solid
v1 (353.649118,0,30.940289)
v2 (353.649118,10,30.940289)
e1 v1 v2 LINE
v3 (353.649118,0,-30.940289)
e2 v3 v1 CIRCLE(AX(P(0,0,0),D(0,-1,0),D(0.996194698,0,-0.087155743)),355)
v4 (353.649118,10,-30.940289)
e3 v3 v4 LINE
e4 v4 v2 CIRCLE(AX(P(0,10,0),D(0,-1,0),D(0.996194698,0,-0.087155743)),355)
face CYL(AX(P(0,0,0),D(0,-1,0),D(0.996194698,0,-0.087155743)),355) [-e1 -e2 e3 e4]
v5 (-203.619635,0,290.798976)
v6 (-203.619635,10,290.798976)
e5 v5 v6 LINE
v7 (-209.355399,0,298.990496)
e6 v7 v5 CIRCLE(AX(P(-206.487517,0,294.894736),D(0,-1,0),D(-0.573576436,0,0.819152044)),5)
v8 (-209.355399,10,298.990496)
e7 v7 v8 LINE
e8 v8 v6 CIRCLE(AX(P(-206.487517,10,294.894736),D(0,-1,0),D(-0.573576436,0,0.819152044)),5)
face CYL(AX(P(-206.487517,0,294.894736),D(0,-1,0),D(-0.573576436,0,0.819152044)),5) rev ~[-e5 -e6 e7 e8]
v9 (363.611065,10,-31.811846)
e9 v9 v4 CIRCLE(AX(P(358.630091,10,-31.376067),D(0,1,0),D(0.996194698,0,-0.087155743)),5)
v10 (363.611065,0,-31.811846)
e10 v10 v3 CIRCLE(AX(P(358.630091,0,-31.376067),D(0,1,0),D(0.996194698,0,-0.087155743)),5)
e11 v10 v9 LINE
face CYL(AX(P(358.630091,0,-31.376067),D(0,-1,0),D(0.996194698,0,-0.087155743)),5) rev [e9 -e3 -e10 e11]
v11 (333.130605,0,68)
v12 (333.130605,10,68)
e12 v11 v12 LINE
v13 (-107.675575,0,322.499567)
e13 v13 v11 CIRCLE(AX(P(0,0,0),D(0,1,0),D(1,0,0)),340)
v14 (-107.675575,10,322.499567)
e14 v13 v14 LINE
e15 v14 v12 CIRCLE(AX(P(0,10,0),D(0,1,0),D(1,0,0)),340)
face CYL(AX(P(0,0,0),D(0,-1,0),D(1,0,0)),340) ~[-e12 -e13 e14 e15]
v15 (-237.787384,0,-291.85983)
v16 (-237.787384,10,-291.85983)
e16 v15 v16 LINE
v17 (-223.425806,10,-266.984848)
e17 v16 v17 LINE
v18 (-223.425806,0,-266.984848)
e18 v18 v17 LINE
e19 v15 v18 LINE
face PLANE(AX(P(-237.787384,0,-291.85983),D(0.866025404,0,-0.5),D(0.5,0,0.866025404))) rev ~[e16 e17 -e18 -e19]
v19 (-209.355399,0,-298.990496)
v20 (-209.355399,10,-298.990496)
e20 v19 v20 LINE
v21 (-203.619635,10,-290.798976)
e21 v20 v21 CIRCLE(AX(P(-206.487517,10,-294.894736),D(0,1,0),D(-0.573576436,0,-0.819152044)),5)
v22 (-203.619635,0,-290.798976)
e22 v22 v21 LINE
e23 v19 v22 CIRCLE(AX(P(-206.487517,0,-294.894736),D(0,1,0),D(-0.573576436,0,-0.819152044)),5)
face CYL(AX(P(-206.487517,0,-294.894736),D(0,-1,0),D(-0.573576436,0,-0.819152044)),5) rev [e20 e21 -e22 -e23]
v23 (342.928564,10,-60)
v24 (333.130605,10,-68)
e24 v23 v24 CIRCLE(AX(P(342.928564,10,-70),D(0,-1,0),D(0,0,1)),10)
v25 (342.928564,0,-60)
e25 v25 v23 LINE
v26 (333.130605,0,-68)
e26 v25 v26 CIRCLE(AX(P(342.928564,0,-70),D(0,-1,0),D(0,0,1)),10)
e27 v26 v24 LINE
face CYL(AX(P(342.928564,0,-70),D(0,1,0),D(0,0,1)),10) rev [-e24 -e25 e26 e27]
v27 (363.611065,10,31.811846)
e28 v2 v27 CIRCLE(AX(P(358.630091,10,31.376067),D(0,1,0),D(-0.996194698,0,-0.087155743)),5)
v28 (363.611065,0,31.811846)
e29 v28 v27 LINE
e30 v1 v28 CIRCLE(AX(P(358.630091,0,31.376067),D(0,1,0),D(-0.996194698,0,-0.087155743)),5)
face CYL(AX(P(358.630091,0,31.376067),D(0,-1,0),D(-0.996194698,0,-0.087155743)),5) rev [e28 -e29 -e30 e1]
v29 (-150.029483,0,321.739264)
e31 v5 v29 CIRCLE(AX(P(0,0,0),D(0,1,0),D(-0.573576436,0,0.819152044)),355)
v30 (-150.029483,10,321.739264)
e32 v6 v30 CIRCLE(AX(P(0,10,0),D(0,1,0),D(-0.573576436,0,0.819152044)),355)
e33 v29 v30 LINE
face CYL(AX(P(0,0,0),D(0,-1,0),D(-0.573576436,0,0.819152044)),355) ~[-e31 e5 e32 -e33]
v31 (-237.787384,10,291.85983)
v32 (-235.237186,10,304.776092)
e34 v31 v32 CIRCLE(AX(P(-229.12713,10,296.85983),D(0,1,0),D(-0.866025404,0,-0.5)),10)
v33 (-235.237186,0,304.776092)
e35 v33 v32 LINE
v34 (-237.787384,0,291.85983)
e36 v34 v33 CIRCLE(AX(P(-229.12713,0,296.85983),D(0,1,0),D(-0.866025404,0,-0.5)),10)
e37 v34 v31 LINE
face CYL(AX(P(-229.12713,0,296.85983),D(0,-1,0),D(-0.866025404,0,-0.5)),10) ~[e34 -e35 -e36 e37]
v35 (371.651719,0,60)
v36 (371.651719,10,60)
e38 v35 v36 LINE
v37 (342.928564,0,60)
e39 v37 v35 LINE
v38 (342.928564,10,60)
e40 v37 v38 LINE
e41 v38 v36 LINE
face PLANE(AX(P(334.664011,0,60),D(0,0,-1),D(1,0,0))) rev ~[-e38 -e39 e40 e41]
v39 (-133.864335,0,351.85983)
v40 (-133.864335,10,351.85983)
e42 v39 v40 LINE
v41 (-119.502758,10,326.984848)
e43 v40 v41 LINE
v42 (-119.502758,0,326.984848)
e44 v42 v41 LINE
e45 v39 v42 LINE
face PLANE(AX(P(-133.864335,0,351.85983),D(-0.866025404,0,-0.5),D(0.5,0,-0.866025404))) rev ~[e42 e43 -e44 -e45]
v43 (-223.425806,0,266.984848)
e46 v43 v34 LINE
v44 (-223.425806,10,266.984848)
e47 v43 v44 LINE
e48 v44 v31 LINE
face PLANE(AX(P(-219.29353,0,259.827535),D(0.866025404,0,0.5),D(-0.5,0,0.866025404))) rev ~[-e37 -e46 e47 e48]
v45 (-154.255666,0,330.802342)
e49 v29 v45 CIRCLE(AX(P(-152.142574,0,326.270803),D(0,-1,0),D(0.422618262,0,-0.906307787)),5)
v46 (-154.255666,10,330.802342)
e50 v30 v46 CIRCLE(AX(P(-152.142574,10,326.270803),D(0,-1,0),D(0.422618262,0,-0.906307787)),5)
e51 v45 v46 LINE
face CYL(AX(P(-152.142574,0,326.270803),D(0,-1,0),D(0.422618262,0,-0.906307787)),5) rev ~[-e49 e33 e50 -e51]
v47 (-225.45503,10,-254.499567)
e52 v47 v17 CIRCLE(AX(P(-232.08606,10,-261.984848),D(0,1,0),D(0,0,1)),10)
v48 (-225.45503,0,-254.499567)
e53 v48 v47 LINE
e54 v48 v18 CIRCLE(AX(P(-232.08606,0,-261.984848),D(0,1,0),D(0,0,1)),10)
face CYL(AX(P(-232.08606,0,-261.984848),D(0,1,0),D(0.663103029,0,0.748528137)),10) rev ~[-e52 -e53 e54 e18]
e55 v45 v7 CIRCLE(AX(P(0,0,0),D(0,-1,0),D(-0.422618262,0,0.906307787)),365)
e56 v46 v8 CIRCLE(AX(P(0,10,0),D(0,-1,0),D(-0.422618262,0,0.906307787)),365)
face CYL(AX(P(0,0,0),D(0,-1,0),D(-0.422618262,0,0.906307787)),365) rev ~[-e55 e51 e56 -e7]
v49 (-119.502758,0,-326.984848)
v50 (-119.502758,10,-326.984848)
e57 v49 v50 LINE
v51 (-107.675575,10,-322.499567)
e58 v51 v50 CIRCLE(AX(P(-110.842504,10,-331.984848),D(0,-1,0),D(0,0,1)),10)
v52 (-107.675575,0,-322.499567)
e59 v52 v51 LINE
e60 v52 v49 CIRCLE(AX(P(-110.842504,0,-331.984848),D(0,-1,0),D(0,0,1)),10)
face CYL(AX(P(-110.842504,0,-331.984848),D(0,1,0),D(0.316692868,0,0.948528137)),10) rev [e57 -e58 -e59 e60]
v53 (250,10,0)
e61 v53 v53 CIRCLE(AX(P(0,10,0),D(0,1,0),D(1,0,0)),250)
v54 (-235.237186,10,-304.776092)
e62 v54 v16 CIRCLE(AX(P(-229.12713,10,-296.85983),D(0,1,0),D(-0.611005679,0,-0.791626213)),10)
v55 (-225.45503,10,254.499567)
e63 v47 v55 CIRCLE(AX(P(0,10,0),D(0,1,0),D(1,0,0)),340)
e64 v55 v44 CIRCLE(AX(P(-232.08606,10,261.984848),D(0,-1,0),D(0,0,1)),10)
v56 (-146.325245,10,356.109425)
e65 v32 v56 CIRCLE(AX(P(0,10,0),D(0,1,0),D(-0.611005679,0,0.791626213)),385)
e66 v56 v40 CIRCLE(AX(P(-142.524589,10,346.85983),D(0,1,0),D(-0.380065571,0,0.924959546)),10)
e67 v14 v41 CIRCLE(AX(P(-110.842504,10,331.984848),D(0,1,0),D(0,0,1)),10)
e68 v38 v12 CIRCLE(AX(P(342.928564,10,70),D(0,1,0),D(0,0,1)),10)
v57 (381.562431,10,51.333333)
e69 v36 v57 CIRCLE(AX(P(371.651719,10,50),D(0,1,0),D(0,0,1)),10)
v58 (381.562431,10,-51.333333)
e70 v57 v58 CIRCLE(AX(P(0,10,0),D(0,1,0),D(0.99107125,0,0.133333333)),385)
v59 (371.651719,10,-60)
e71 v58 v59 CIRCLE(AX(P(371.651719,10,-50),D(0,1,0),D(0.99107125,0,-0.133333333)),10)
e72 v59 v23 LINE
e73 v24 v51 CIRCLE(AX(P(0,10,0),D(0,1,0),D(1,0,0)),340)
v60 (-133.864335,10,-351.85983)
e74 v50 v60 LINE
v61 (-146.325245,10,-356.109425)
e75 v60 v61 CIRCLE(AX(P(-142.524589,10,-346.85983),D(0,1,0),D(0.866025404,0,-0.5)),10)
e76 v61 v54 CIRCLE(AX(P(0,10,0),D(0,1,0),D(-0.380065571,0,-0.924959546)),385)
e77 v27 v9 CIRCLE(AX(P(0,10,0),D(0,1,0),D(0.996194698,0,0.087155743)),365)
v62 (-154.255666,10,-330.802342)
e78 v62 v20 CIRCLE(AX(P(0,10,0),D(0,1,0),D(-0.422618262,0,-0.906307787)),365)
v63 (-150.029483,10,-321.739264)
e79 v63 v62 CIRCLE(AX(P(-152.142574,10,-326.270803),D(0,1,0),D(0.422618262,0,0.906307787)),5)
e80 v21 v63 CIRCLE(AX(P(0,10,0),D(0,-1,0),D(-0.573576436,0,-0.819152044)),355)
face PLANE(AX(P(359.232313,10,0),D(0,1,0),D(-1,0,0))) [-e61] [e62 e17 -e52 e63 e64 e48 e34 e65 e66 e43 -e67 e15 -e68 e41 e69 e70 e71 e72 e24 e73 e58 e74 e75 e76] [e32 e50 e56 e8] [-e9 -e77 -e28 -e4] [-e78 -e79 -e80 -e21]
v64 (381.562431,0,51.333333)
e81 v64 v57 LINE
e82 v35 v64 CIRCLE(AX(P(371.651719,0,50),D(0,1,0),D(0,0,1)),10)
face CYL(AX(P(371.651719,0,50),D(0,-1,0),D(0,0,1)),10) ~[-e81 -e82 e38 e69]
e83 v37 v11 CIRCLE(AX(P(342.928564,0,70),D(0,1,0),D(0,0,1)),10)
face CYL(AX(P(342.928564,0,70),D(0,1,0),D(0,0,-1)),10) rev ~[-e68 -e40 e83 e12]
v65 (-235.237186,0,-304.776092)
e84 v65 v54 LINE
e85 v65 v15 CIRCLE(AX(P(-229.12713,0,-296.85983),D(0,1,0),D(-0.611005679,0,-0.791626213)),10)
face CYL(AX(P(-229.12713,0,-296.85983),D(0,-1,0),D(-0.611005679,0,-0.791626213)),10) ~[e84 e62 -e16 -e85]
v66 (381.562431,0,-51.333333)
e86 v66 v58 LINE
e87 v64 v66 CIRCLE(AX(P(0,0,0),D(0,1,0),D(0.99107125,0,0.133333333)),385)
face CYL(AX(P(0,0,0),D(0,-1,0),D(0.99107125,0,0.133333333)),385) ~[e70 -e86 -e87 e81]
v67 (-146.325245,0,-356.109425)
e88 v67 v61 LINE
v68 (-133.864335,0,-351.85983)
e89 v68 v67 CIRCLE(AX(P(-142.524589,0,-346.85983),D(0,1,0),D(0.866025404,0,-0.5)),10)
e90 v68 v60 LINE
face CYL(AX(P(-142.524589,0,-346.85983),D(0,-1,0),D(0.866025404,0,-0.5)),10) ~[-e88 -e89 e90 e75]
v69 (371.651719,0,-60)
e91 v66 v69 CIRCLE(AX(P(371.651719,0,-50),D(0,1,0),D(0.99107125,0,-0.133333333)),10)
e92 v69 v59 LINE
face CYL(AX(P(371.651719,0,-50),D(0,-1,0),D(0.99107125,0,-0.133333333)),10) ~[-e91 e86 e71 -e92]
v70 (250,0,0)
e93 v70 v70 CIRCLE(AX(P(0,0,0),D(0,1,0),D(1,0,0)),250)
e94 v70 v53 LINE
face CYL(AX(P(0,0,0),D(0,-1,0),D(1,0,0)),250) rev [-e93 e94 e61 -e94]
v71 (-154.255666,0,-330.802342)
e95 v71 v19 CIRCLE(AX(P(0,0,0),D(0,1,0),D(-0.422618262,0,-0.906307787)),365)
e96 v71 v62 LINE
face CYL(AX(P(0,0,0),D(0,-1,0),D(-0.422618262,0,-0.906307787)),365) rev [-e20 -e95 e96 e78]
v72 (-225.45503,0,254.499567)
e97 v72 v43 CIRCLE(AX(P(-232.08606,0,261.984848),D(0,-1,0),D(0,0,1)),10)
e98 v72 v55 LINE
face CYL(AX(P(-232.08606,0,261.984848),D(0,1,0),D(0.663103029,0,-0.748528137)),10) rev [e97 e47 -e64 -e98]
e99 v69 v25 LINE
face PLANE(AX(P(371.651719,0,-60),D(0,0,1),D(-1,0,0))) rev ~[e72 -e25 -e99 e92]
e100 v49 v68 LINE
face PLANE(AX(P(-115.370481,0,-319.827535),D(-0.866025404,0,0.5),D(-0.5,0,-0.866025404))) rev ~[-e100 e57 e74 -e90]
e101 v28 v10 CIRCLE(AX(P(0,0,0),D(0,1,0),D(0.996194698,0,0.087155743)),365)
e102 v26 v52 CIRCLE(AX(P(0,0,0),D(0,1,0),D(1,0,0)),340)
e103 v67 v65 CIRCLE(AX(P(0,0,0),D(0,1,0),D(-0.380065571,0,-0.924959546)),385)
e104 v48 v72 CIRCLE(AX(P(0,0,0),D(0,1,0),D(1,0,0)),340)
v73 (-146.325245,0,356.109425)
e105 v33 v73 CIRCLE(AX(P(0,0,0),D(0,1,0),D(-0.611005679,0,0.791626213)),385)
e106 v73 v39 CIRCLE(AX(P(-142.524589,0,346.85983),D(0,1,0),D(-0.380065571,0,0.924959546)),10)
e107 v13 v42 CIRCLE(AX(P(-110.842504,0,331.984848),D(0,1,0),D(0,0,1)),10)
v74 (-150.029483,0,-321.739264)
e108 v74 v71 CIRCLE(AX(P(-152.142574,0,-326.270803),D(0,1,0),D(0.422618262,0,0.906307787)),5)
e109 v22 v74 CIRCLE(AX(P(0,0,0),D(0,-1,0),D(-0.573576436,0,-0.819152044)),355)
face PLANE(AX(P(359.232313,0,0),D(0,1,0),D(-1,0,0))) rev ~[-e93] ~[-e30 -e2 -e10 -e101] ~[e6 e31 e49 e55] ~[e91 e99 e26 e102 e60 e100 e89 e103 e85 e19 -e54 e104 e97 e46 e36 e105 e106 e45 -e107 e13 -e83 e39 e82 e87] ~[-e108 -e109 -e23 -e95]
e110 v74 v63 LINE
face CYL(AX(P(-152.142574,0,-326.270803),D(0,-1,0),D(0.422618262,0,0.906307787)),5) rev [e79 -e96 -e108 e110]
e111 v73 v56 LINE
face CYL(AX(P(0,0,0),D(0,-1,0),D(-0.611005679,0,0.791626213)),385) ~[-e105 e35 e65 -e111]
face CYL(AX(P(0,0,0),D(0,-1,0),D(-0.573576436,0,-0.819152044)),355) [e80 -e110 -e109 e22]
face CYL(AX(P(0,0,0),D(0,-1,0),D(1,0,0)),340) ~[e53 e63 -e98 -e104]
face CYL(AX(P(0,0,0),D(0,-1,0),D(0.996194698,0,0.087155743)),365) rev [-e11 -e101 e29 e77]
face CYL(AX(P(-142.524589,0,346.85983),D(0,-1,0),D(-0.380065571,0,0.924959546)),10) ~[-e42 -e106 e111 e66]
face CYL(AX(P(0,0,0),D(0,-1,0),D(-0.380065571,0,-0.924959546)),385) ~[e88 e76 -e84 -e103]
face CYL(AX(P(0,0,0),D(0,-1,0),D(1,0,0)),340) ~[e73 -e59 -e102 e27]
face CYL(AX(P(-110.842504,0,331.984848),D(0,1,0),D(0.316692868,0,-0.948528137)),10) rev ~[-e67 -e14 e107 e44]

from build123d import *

# Parameters (mm, degrees)
SKETCH1_R           = 340
SKETCH1_R_2         = 250
BOSS_EXTRUDE1_DEPTH = 10
BOSS_EXTRUDE2_DEPTH = 10
FILLET1_R           = 10


with BuildPart() as part:
    # Sketch1 → Boss-Extrude1 (new body)
    with BuildSketch(Plane(origin=(0, 0, 0), x_dir=(1, 0, 0), z_dir=(0, 1, 0))):
        Circle(SKETCH1_R)
        Circle(SKETCH1_R_2, mode=Mode.SUBTRACT)
    extrude(amount=BOSS_EXTRUDE1_DEPTH)

    # Sketch2 → Boss-Extrude2 (add)
    with BuildSketch(Plane.XZ):
        with BuildLine():
            Line((371.651718683, -60), (334.664010614, -60))
            ThreePointArc((334.664010614, -60), (340, 0), (334.664010614, 60))
            Line((334.664010614, 60), (371.651718683, 60))
            ThreePointArc((371.651718683, 60), (378.234524569, 57.527726527), (381.562431181, 51.333333333))
            ThreePointArc((381.562431181, 51.333333333), (385, 0), (381.562431181, -51.333333333))
            ThreePointArc((381.562431181, -51.333333333), (378.234524569, -57.527726527), (371.651718683, -60))
        make_face()
        with BuildLine():
            ThreePointArc((363.611064803, 31.811846103), (365, 0), (363.611064803, -31.811846103))
            ThreePointArc((363.611064803, -31.811846103), (358.194312599, -36.35704088), (353.649117823, -30.940288675))
            ThreePointArc((353.649117823, -30.940288675), (355, 0), (353.649117823, 30.940288675))
            ThreePointArc((353.649117823, 30.940288675), (358.194312599, 36.35704088), (363.611064803, 31.811846103))
        make_face(mode=Mode.SUBTRACT)
        with BuildLine():
            Line((-133.864335114, 351.85982974), (-115.37048108, 319.827534924))
            ThreePointArc((-115.37048108, 319.827534924), (-170, 294.448637287), (-219.293529534, 259.827534924))
            Line((-219.293529534, 259.827534924), (-237.787383569, 291.85982974))
            ThreePointArc((-237.787383569, 291.85982974), (-238.937734879, 298.796843602), (-235.237186318, 304.776091866))
            ThreePointArc((-235.237186318, 304.776091866), (-192.5, 333.419780457), (-146.325244863, 356.109425199))
            ThreePointArc((-146.325244863, 356.109425199), (-139.29678969, 356.324570129), (-133.864335114, 351.85982974))
        make_face()
        with BuildLine():
            ThreePointArc((-209.355399268, 298.990496165), (-210.583277308, 292.026853762), (-203.619634905, 290.798975723))
            ThreePointArc((-203.619634905, 290.798975723), (-177.5, 307.439018343), (-150.029482918, 321.739264398))
            ThreePointArc((-150.029482918, 321.739264398), (-147.611035291, 328.383894642), (-154.255665535, 330.802342268))
            ThreePointArc((-154.255665535, 330.802342268), (-182.5, 316.099272381), (-209.355399268, 298.990496165))
        make_face(mode=Mode.SUBTRACT)
        with BuildLine():
            Line((-237.787383569, -291.85982974), (-219.293529534, -259.827534924))
            ThreePointArc((-219.293529534, -259.827534924), (-170, -294.448637287), (-115.37048108, -319.827534924))
            Line((-115.37048108, -319.827534924), (-133.864335114, -351.85982974))
            ThreePointArc((-133.864335114, -351.85982974), (-139.29678969, -356.324570129), (-146.325244863, -356.109425199))
            ThreePointArc((-146.325244863, -356.109425199), (-192.5, -333.419780457), (-235.237186318, -304.776091866))
            ThreePointArc((-235.237186318, -304.776091866), (-238.937734879, -298.796843602), (-237.787383569, -291.85982974))
        make_face()
        with BuildLine():
            ThreePointArc((-154.255665535, -330.802342268), (-182.5, -316.099272381), (-209.355399268, -298.990496165))
            ThreePointArc((-209.355399268, -298.990496165), (-210.583277308, -292.026853762), (-203.619634905, -290.798975723))
            ThreePointArc((-203.619634905, -290.798975723), (-177.5, -307.439018343), (-150.029482918, -321.739264398))
            ThreePointArc((-150.029482918, -321.739264398), (-147.611035291, -328.383894642), (-154.255665535, -330.802342268))
        make_face(mode=Mode.SUBTRACT)
    extrude(amount=-BOSS_EXTRUDE2_DEPTH)

    # Fillet1
    fillet1_edges = [part.edges().sort_by_distance(p)[0] for p in [
        (334.664010614, 5, -60),
        (334.664010614, 5, 60),
        (-115.37048108, 5, 319.827534924),
        (-219.293529534, 5, 259.827534924),
        (-219.293529534, 5, -259.827534924),
        (-115.37048108, 5, -319.827534924),
    ]]
    fillet(fillet1_edges, radius=FILLET1_R)


solid = part.part
